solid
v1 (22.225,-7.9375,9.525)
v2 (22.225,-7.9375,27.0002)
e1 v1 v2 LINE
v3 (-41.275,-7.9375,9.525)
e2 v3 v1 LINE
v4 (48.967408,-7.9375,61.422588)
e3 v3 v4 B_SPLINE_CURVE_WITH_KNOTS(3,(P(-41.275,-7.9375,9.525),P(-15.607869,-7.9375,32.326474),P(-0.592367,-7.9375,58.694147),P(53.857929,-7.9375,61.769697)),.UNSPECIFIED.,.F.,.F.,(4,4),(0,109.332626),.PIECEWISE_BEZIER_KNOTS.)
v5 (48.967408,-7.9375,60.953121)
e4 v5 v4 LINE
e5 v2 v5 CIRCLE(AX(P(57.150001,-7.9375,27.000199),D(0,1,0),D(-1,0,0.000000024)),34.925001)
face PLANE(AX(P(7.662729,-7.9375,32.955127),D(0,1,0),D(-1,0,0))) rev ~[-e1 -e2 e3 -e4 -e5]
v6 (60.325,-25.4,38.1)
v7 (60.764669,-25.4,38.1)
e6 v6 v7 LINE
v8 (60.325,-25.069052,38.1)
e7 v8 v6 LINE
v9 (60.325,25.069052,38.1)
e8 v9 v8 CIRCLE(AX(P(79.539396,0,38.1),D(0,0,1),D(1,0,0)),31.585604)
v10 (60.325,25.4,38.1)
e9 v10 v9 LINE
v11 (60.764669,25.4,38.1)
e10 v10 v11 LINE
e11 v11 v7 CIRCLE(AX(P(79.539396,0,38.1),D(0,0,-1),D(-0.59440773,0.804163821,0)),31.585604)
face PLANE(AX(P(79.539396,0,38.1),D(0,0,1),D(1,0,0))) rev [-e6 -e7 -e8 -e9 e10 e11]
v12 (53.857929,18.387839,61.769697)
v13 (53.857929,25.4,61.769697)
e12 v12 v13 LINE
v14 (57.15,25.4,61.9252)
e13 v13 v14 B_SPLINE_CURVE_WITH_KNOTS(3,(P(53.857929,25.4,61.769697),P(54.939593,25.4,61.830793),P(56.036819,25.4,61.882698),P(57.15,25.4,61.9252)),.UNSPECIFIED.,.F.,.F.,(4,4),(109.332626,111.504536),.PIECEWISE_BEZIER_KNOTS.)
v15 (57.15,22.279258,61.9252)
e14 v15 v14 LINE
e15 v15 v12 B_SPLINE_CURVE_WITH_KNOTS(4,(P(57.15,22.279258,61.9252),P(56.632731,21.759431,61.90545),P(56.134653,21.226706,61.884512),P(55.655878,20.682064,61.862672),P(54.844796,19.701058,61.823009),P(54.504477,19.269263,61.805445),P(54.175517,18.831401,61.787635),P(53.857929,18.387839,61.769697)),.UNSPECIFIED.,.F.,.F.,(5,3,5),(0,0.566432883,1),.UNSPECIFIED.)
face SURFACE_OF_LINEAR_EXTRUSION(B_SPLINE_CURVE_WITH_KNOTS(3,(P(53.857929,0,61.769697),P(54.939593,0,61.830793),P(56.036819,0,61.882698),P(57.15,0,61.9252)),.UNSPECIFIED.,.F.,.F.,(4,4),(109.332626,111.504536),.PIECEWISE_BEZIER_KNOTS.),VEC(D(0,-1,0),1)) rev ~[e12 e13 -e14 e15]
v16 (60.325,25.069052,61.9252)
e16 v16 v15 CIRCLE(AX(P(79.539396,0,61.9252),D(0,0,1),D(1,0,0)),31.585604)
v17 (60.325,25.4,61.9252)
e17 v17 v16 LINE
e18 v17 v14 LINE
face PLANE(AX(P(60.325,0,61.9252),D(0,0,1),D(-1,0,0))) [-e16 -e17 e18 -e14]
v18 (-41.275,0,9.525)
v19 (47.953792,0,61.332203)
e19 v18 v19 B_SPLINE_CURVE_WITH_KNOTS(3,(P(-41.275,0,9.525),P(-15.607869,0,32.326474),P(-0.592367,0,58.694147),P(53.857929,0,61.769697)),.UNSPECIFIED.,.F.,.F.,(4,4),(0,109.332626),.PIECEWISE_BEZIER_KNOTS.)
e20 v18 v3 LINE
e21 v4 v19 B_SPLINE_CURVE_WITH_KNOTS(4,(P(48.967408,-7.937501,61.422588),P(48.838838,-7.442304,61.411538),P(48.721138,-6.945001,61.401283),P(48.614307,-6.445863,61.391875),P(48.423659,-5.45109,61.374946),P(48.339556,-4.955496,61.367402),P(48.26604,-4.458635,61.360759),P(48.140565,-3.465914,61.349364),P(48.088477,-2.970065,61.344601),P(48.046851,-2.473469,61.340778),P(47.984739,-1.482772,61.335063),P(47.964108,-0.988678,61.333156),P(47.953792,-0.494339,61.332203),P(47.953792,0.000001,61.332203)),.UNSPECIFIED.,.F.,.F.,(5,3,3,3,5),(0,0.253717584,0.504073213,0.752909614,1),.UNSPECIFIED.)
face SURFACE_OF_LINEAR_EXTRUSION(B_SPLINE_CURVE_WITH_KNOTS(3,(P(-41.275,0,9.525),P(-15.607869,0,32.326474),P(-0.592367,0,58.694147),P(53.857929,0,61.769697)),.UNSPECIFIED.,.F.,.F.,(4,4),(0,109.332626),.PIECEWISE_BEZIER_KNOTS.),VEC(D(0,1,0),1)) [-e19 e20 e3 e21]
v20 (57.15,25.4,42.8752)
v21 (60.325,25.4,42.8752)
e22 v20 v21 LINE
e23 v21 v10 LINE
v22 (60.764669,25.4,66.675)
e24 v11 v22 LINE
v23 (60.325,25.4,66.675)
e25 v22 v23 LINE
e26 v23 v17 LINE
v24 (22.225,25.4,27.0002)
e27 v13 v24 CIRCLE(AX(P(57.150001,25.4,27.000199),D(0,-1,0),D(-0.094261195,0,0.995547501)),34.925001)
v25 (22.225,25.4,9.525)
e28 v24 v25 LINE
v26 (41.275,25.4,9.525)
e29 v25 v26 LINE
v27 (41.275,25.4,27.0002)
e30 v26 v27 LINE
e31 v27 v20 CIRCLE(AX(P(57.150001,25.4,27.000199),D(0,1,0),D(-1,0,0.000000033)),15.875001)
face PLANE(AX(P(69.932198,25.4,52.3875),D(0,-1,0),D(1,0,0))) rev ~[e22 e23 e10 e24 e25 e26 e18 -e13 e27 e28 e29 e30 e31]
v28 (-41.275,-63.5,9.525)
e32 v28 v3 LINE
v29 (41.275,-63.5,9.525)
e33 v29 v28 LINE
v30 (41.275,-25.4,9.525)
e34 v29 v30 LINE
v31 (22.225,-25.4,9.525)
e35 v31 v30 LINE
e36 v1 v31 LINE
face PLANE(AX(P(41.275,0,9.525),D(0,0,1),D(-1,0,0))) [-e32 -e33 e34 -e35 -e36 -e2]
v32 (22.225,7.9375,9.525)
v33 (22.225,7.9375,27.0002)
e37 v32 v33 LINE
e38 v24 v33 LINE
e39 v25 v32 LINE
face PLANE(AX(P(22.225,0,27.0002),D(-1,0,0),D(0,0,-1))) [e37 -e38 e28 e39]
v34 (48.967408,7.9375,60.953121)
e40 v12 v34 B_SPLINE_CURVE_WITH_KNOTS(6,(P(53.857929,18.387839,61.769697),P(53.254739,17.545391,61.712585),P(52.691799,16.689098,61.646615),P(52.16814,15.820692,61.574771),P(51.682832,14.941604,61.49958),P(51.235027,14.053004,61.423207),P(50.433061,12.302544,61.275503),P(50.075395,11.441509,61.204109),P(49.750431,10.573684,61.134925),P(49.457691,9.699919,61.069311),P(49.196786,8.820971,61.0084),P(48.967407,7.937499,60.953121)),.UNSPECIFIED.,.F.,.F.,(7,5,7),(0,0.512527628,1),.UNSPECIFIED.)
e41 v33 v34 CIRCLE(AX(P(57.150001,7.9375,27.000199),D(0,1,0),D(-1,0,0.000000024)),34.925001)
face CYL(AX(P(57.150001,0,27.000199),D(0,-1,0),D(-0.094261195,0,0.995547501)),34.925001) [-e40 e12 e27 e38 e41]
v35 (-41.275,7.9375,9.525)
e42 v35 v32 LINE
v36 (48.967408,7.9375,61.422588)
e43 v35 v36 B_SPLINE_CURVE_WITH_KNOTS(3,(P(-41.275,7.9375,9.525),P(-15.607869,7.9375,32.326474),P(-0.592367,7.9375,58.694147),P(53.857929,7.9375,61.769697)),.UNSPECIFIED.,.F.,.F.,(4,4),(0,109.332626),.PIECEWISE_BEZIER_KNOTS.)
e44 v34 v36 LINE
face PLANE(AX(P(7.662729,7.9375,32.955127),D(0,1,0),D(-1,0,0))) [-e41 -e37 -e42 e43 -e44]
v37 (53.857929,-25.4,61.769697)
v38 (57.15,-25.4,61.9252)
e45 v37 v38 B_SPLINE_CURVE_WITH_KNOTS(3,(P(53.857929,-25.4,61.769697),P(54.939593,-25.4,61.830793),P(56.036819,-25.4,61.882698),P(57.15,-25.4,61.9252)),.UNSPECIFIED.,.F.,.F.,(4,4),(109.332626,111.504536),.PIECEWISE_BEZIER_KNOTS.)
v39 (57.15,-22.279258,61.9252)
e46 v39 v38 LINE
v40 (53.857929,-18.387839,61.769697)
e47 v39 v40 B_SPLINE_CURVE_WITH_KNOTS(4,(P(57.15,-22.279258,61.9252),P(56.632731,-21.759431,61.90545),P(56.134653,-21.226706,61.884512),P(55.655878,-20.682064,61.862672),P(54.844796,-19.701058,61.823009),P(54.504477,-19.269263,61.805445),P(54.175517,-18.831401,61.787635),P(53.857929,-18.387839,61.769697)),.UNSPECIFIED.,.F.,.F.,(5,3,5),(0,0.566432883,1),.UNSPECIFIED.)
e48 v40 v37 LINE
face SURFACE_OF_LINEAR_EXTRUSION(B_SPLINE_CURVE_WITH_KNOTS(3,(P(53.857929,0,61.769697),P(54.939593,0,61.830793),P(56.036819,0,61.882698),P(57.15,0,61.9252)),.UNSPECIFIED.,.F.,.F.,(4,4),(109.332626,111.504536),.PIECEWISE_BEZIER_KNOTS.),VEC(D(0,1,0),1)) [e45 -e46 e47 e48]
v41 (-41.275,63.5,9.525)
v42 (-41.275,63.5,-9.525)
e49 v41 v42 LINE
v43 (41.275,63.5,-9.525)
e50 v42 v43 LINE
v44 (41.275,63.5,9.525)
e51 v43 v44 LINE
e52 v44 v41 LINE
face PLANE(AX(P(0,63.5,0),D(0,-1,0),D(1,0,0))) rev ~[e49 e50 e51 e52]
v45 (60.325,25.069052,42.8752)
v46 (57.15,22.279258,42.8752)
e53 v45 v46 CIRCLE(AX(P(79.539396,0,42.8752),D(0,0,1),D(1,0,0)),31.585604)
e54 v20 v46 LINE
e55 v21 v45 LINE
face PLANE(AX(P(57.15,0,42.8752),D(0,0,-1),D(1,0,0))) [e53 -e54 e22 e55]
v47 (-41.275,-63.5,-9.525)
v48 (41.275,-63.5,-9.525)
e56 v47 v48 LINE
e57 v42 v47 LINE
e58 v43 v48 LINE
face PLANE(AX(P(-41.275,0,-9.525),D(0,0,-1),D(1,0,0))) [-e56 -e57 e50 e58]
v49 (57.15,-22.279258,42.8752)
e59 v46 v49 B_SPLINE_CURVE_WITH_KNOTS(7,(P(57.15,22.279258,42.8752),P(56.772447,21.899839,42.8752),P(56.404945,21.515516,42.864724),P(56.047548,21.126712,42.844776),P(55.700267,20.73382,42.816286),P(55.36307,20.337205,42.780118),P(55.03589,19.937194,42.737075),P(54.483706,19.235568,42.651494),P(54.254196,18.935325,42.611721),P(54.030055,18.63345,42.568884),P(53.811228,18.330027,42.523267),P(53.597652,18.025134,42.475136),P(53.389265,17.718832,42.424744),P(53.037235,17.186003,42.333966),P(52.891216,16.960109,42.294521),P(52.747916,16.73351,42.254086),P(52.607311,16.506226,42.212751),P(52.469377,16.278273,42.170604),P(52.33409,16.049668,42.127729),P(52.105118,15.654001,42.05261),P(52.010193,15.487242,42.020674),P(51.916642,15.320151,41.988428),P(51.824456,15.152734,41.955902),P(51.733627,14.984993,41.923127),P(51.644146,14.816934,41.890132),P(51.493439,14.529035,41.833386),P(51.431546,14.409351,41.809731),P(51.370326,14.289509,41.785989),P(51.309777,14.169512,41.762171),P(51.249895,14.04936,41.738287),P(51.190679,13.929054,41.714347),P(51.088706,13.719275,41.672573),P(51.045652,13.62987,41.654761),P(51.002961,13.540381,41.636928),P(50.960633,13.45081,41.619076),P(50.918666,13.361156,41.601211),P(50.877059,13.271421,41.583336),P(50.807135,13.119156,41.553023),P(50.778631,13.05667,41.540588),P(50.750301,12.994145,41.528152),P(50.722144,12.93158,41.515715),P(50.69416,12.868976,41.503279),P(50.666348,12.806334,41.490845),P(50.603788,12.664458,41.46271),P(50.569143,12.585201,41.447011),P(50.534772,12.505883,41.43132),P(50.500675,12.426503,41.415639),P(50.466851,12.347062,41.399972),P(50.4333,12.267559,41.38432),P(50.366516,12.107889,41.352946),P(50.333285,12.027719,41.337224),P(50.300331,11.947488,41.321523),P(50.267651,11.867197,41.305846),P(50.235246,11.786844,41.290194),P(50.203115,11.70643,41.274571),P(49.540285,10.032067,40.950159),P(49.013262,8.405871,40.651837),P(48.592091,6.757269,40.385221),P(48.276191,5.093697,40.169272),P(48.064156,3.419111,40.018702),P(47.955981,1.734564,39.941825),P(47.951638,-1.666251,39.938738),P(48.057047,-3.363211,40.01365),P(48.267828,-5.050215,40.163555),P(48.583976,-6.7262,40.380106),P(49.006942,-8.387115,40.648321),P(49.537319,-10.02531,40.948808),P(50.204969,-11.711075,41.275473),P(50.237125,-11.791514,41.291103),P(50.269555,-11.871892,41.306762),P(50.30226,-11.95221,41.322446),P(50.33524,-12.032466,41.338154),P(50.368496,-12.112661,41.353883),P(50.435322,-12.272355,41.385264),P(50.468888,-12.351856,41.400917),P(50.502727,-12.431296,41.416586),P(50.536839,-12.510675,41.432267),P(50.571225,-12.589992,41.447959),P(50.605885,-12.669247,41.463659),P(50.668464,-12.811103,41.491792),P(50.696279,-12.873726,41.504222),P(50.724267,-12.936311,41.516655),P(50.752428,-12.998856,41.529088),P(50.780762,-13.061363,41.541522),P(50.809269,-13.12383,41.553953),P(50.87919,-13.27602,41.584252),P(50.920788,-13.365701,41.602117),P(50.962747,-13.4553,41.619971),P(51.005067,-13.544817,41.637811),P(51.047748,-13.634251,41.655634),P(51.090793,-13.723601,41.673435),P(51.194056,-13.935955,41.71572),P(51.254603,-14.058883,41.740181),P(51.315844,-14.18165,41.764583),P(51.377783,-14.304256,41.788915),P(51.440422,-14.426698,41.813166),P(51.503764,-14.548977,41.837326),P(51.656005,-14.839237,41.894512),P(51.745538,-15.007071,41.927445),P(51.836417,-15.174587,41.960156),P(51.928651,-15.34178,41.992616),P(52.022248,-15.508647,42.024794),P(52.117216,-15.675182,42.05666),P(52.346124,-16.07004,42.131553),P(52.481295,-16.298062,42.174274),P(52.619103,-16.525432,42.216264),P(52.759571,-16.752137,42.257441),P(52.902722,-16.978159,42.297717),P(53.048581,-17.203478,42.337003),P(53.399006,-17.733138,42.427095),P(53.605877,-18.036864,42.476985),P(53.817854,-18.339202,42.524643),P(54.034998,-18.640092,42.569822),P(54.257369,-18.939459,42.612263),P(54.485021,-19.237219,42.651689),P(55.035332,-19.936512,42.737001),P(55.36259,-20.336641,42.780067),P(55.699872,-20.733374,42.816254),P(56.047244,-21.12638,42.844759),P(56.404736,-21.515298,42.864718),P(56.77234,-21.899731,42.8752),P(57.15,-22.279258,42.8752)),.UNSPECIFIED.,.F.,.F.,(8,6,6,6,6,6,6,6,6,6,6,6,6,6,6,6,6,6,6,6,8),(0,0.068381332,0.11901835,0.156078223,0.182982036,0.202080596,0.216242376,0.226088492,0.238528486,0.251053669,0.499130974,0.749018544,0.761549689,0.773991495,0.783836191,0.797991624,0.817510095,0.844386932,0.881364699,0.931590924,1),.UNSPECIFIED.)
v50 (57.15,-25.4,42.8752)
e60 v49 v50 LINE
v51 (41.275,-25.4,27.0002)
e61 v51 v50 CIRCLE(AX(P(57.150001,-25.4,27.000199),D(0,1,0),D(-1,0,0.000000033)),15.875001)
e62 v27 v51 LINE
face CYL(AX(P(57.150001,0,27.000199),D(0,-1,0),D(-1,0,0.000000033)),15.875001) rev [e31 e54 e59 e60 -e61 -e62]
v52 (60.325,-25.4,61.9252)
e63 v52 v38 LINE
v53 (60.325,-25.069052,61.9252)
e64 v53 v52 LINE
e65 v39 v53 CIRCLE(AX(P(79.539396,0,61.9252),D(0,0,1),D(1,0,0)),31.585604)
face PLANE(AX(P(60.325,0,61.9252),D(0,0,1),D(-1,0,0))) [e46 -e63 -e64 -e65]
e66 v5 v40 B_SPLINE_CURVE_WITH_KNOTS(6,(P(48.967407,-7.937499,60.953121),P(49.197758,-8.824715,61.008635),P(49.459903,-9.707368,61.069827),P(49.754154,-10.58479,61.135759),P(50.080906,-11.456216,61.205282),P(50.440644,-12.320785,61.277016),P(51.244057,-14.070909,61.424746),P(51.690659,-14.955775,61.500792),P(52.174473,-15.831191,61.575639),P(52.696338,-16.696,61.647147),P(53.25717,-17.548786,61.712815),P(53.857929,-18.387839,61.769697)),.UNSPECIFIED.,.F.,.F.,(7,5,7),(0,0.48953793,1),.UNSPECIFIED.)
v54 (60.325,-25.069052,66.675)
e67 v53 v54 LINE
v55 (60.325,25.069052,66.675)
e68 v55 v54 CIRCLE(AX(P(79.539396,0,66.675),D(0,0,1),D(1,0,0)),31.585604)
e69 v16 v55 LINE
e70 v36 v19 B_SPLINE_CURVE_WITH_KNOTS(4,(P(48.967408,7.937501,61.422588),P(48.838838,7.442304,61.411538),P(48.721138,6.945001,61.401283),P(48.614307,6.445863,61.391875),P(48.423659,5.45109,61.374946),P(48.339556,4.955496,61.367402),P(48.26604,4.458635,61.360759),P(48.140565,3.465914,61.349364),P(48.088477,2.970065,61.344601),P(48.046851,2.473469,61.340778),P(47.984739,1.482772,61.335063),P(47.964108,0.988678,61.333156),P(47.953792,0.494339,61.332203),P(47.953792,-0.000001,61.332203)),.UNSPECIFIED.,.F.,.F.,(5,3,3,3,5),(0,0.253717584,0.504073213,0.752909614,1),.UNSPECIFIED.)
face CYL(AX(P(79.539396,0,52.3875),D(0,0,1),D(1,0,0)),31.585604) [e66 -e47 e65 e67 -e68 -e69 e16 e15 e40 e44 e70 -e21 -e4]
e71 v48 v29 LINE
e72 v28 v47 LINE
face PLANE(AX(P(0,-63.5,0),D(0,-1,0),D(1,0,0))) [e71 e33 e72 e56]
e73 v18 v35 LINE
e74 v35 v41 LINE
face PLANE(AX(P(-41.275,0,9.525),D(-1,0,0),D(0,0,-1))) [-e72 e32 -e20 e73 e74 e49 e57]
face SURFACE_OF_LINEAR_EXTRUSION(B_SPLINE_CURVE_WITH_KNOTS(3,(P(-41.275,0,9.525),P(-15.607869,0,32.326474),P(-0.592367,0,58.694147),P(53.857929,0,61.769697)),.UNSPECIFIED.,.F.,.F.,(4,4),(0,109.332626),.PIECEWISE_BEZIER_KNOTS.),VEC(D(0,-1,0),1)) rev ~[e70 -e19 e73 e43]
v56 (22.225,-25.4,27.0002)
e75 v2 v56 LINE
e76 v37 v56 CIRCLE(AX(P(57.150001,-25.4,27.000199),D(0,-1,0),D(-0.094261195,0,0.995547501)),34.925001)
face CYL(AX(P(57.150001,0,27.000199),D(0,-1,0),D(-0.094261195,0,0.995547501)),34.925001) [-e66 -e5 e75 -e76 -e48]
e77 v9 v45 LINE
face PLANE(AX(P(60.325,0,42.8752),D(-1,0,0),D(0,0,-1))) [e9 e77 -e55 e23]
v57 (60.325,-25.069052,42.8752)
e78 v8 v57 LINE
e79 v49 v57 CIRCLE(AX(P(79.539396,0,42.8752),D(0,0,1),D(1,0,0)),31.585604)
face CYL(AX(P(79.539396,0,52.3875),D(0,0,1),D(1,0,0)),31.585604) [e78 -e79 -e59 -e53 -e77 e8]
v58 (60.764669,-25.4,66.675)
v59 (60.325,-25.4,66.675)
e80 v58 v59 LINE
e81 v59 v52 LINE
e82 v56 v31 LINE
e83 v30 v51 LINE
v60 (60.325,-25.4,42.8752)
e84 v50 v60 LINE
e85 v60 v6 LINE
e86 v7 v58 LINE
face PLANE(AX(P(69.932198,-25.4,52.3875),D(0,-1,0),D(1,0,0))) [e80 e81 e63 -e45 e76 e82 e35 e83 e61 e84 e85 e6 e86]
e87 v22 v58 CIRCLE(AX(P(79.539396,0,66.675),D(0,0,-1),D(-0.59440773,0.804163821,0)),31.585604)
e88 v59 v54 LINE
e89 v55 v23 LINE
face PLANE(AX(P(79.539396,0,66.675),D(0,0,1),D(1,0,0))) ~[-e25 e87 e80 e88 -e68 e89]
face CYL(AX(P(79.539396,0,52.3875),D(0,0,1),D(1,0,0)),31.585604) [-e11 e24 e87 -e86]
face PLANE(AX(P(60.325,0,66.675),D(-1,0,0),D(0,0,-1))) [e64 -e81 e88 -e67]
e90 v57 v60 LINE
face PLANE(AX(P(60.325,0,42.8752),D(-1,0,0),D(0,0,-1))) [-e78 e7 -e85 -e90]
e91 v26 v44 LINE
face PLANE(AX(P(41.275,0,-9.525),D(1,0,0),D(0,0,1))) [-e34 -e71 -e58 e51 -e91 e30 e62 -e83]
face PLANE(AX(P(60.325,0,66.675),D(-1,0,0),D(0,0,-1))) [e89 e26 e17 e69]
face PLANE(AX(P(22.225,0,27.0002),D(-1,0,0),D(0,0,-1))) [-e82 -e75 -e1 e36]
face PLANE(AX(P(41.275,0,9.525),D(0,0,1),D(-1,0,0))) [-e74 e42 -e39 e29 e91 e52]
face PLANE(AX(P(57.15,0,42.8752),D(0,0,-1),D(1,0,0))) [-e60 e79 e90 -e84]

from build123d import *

# Parameters (mm, degrees)
F1_DEPTH = 25.4
F2_DEPTH = 7.9375
F0_W     = 31.585604
F0_H     = 28.575
F4_DEPTH = 63.5


with BuildPart() as f1:
    # F0 (on Front) → F1 (new body, symmetric)
    with BuildSketch(Plane.XZ):
        Polygon((60.325, 66.675), (60.325, 61.9252), (60.325, 42.8752), (60.325, 38.1), (79.539396, 38.1), (79.539396, 66.675), align=None)
        with BuildLine():
            Line((22.225, 9.525), (41.275, 9.525))
            Line((41.275, 9.525), (41.275, 27.0002))
            ThreePointArc((41.275, 27.0002), (45.92468, 38.22552), (57.15, 42.8752))
            Line((57.15, 42.8752), (60.325, 42.8752))
            Line((60.325, 42.8752), (60.325, 61.9252))
            Line((60.325, 61.9252), (57.15, 61.9252))
            add(Edge.make_bspline(
                [(53.857929, 61.769697), (54.939593, 61.830793), (56.036819, 61.882698), (57.15, 61.9252)],
                knots=[109.332626, 109.332626, 109.332626, 109.332626, 111.504536, 111.504536, 111.504536, 111.504536], degree=3))
            ThreePointArc((53.857929, 61.769697), (31.31658, 50.503179), (22.225, 27.0002))
            Line((22.225, 27.0002), (22.225, 9.525))
        make_face()
    extrude(amount=F1_DEPTH, both=True)

    # F0 (on Front) → F2 (join, symmetric)
    with BuildSketch(Plane.XZ):
        with BuildLine():
            add(Edge.make_bspline(
                [(-41.275, 9.525), (-15.607869, 32.326474), (-0.592367, 58.694147), (53.857929, 61.769697)],
                knots=[0, 0, 0, 0, 109.332626, 109.332626, 109.332626, 109.332626], degree=3))
            Line((-41.275, 9.525), (22.225, 9.525))
            Line((22.225, 9.525), (22.225, 27.0002))
            ThreePointArc((22.225, 27.0002), (31.31658, 50.503179), (53.857929, 61.769697))
        make_face()
    extrude(amount=F2_DEPTH, both=True)

    # F0 (on Front) → F3 (revolve)
    with BuildSketch(Plane.XZ):
        with Locations((95.332198, 52.3875)):
            Rectangle(F0_W, F0_H)
    revolve(axis=Axis((79.539396, 0, 52.3875), (0, 0, 1)))

    # F0 (on Front) → F4 (join, symmetric)
    with BuildSketch(Plane.XZ):
        Polygon((-41.275, 9.525), (-41.275, -9.525), (41.275, -9.525), (41.275, 9.525), (22.225, 9.525), align=None)
    extrude(amount=F4_DEPTH, both=True)


solid = f1.part
